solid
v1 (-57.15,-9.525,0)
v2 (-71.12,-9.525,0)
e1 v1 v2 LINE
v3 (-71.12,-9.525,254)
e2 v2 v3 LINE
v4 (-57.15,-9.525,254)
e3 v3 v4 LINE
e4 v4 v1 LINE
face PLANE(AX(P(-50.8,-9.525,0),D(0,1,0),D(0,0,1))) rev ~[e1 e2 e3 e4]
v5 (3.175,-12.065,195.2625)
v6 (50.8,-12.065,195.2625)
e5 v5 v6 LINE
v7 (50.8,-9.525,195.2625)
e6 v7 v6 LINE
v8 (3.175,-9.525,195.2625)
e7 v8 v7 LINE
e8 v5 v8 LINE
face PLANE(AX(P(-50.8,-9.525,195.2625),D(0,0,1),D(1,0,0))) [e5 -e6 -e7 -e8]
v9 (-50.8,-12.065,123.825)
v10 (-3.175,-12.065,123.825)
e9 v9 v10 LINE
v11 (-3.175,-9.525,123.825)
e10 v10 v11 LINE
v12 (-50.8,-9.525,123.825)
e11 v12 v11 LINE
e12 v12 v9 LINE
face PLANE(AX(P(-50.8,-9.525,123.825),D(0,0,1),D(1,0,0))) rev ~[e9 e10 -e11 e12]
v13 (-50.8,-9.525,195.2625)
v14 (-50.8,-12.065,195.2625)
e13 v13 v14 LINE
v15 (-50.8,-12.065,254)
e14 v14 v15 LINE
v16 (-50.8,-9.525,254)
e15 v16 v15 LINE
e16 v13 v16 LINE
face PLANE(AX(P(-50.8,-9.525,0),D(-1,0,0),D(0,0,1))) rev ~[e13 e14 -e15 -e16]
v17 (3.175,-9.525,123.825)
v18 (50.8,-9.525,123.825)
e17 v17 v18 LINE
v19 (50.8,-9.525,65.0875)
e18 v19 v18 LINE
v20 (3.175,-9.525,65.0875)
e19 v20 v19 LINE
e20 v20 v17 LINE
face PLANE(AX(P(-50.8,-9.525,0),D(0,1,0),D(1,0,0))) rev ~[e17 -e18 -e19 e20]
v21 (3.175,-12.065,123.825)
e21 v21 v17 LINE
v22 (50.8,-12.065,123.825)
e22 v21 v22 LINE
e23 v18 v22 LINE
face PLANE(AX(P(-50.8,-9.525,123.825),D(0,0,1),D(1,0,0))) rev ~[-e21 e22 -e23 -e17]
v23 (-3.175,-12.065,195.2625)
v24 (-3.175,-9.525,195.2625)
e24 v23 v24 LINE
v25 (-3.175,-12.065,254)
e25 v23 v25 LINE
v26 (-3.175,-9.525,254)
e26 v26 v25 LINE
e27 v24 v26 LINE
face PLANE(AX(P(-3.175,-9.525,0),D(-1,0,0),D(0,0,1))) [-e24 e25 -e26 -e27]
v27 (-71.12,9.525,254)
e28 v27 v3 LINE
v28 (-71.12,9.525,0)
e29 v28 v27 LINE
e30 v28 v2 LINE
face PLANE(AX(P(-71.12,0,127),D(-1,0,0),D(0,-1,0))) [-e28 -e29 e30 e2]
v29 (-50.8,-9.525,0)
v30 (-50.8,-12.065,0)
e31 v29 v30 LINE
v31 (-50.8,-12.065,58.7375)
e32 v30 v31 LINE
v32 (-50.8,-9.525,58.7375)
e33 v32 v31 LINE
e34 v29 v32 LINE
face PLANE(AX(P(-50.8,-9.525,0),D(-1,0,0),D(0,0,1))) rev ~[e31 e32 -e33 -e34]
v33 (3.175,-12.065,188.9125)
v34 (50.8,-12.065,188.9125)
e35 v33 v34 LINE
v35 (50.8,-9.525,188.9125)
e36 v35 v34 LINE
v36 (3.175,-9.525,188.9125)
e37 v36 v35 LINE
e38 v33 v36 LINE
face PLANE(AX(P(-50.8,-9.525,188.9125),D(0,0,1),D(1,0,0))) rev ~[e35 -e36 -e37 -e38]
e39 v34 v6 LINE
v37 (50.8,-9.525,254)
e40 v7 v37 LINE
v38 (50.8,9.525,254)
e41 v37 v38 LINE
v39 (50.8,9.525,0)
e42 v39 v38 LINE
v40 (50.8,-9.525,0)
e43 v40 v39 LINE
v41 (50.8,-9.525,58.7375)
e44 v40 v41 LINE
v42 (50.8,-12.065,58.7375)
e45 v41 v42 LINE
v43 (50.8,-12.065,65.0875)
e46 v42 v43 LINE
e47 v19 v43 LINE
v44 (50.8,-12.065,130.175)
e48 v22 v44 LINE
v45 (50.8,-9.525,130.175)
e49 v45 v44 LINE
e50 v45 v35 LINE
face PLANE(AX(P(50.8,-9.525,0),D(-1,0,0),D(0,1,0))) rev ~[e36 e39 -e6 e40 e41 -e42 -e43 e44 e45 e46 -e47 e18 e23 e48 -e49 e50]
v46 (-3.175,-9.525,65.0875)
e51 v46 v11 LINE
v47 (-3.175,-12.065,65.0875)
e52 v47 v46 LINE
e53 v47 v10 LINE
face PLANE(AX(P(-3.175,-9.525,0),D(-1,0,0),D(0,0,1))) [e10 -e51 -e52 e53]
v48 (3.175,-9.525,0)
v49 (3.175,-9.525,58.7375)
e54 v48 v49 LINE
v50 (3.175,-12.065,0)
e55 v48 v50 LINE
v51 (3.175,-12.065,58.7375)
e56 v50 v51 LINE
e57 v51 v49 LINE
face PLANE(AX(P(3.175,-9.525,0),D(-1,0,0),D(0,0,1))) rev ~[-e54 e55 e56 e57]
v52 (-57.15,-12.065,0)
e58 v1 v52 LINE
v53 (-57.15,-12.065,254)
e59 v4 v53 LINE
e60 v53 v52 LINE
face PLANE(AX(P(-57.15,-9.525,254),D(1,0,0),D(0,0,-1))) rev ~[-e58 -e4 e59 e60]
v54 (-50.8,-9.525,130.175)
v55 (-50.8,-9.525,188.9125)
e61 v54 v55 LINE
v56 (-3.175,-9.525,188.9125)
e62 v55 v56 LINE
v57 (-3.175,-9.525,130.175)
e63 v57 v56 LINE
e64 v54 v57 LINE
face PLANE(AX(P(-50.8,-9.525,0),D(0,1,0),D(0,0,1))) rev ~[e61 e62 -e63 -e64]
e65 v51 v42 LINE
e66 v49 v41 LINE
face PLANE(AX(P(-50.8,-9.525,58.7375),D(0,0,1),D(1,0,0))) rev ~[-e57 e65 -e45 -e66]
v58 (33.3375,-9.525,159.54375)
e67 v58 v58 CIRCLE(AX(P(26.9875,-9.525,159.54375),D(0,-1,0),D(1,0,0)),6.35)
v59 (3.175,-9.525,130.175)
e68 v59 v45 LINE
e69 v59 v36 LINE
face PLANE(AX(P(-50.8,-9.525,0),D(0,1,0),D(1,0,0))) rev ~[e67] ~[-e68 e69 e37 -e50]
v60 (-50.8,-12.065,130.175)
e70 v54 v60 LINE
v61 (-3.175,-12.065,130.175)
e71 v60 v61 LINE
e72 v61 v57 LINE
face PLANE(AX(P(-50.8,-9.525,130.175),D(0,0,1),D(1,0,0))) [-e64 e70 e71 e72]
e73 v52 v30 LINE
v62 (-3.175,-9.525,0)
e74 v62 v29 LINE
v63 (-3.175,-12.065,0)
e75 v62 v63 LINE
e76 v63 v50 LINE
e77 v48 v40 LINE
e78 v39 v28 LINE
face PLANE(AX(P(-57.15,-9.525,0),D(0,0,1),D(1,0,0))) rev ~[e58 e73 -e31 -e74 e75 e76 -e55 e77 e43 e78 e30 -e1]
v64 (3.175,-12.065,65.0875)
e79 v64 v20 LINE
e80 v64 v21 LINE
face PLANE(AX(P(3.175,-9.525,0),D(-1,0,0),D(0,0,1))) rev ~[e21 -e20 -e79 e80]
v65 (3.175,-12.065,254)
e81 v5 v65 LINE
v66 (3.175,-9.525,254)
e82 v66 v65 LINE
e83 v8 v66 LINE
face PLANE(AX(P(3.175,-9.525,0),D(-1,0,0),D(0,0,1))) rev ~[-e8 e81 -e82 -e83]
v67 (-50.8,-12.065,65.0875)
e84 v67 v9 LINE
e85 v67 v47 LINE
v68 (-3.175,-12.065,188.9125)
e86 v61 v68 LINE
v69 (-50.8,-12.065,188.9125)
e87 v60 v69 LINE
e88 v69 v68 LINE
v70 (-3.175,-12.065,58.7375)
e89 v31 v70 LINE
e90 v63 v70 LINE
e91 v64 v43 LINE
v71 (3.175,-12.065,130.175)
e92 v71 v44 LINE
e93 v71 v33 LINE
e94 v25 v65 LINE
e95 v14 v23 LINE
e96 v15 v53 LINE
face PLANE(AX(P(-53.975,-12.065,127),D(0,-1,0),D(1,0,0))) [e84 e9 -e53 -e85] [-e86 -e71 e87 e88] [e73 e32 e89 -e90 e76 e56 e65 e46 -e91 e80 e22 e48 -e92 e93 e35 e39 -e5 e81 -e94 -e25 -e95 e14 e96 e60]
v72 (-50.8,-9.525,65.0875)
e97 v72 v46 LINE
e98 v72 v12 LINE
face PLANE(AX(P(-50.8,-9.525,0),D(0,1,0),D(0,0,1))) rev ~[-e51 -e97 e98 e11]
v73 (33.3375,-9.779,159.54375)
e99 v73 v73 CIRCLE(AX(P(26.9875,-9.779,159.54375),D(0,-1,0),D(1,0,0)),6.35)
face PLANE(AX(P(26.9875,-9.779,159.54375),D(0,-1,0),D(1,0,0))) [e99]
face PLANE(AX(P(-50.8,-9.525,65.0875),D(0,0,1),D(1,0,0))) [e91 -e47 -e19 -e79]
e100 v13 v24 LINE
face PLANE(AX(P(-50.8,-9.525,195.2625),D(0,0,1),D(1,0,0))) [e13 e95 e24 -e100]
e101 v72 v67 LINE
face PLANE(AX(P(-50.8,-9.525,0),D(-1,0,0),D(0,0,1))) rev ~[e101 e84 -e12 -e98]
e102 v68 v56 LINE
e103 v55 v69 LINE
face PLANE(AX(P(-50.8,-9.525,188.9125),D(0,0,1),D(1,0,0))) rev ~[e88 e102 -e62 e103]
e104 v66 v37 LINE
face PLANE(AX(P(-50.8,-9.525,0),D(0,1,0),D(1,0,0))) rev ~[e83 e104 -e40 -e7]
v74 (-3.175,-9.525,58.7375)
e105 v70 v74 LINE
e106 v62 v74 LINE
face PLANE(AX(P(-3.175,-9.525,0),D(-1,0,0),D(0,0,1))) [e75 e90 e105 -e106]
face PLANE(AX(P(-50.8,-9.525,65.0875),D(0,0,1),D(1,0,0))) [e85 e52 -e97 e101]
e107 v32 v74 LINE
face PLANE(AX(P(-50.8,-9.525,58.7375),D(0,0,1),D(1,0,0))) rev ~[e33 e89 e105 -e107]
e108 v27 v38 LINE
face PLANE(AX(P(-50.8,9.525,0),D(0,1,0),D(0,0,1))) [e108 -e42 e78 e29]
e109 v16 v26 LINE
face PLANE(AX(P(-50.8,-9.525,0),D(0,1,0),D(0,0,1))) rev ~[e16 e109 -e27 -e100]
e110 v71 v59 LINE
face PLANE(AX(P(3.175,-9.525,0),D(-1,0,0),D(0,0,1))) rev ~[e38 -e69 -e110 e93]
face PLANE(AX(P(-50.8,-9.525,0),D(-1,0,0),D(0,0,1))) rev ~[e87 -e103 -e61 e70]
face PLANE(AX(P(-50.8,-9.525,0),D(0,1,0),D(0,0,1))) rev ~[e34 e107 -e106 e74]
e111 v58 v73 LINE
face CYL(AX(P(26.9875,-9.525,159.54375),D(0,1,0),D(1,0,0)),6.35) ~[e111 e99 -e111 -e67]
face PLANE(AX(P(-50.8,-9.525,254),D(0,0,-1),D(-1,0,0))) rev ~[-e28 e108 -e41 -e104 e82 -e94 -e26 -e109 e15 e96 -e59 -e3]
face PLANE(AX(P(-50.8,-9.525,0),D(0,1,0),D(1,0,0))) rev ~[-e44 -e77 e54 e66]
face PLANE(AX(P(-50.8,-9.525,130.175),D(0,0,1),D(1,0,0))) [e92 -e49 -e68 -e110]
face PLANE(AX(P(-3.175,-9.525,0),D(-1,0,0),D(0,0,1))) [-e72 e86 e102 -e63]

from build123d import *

# Parameters (mm, degrees)
F0_W      = 101.6
F0_H      = 19.05
F1_DEPTH  = 254
F2_W      = 6.35
F2_H      = 254
F3_DEPTH  = 2.54
F4_W      = 101.6
F4_H      = 6.35
F5_DEPTH  = 2.54
F6_W      = 101.6
F6_H      = 6.35
F7_DEPTH  = 2.54
F8_W      = 101.6
F8_H      = 6.35
F9_DEPTH  = 2.54
F10_R     = 6.35
F11_DEPTH = 0.254
F12_W     = 19.05
F12_H     = 254
F13_DEPTH = 20.32
F15_DEPTH = 2.54


with BuildPart() as f1:
    # F0 (on Top) → F1 (new body)
    with BuildSketch(Plane.XY):
        Rectangle(F0_W, F0_H)
    extrude(amount=F1_DEPTH)

    # F2 (on face) → F3 (join)
    with BuildSketch(Plane.XZ.offset(9.525)):
        with Locations((0, 127)):
            Rectangle(F2_W, F2_H)
    extrude(amount=F3_DEPTH)

    # F4 (on face) → F5 (join)
    with BuildSketch(Plane.XZ.offset(9.525)):
        with Locations((0, 127)):
            Rectangle(F4_W, F4_H)
    extrude(amount=F5_DEPTH)

    # F6 (on face) → F7 (join)
    with BuildSketch(Plane.XZ.offset(9.525)):
        with Locations((0, 192.0875)):
            Rectangle(F6_W, F6_H)
    extrude(amount=F7_DEPTH)

    # F8 (on face) → F9 (join)
    with BuildSketch(Plane.XZ.offset(9.525)):
        with Locations((0, 61.9125)):
            Rectangle(F8_W, F8_H)
    extrude(amount=F9_DEPTH)

    # F10 (on face) → F11 (join)
    with BuildSketch(Plane.XZ.offset(9.525)):
        with Locations((26.9875, 159.54375)):
            Circle(F10_R)
    extrude(amount=F11_DEPTH)

    # F12 (on face) → F13 (join)
    with BuildSketch(Plane(origin=(-50.8, 0, 0), x_dir=(0, -1, 0), z_dir=(-1, 0, 0))):
        with Locations((0, 127)):
            Rectangle(F12_W, F12_H)
    extrude(amount=F13_DEPTH)

    # F14 (on face) → F15 (join)
    with BuildSketch(Plane.XZ.offset(9.525)):
        Polygon((-50.8, 123.825), (-50.8, 127), (-50.8, 128.689587), (-50.8, 254), (-57.15, 254), (-57.15, 0), (-50.8, 0), align=None)
    extrude(amount=F15_DEPTH)


solid = f1.part
